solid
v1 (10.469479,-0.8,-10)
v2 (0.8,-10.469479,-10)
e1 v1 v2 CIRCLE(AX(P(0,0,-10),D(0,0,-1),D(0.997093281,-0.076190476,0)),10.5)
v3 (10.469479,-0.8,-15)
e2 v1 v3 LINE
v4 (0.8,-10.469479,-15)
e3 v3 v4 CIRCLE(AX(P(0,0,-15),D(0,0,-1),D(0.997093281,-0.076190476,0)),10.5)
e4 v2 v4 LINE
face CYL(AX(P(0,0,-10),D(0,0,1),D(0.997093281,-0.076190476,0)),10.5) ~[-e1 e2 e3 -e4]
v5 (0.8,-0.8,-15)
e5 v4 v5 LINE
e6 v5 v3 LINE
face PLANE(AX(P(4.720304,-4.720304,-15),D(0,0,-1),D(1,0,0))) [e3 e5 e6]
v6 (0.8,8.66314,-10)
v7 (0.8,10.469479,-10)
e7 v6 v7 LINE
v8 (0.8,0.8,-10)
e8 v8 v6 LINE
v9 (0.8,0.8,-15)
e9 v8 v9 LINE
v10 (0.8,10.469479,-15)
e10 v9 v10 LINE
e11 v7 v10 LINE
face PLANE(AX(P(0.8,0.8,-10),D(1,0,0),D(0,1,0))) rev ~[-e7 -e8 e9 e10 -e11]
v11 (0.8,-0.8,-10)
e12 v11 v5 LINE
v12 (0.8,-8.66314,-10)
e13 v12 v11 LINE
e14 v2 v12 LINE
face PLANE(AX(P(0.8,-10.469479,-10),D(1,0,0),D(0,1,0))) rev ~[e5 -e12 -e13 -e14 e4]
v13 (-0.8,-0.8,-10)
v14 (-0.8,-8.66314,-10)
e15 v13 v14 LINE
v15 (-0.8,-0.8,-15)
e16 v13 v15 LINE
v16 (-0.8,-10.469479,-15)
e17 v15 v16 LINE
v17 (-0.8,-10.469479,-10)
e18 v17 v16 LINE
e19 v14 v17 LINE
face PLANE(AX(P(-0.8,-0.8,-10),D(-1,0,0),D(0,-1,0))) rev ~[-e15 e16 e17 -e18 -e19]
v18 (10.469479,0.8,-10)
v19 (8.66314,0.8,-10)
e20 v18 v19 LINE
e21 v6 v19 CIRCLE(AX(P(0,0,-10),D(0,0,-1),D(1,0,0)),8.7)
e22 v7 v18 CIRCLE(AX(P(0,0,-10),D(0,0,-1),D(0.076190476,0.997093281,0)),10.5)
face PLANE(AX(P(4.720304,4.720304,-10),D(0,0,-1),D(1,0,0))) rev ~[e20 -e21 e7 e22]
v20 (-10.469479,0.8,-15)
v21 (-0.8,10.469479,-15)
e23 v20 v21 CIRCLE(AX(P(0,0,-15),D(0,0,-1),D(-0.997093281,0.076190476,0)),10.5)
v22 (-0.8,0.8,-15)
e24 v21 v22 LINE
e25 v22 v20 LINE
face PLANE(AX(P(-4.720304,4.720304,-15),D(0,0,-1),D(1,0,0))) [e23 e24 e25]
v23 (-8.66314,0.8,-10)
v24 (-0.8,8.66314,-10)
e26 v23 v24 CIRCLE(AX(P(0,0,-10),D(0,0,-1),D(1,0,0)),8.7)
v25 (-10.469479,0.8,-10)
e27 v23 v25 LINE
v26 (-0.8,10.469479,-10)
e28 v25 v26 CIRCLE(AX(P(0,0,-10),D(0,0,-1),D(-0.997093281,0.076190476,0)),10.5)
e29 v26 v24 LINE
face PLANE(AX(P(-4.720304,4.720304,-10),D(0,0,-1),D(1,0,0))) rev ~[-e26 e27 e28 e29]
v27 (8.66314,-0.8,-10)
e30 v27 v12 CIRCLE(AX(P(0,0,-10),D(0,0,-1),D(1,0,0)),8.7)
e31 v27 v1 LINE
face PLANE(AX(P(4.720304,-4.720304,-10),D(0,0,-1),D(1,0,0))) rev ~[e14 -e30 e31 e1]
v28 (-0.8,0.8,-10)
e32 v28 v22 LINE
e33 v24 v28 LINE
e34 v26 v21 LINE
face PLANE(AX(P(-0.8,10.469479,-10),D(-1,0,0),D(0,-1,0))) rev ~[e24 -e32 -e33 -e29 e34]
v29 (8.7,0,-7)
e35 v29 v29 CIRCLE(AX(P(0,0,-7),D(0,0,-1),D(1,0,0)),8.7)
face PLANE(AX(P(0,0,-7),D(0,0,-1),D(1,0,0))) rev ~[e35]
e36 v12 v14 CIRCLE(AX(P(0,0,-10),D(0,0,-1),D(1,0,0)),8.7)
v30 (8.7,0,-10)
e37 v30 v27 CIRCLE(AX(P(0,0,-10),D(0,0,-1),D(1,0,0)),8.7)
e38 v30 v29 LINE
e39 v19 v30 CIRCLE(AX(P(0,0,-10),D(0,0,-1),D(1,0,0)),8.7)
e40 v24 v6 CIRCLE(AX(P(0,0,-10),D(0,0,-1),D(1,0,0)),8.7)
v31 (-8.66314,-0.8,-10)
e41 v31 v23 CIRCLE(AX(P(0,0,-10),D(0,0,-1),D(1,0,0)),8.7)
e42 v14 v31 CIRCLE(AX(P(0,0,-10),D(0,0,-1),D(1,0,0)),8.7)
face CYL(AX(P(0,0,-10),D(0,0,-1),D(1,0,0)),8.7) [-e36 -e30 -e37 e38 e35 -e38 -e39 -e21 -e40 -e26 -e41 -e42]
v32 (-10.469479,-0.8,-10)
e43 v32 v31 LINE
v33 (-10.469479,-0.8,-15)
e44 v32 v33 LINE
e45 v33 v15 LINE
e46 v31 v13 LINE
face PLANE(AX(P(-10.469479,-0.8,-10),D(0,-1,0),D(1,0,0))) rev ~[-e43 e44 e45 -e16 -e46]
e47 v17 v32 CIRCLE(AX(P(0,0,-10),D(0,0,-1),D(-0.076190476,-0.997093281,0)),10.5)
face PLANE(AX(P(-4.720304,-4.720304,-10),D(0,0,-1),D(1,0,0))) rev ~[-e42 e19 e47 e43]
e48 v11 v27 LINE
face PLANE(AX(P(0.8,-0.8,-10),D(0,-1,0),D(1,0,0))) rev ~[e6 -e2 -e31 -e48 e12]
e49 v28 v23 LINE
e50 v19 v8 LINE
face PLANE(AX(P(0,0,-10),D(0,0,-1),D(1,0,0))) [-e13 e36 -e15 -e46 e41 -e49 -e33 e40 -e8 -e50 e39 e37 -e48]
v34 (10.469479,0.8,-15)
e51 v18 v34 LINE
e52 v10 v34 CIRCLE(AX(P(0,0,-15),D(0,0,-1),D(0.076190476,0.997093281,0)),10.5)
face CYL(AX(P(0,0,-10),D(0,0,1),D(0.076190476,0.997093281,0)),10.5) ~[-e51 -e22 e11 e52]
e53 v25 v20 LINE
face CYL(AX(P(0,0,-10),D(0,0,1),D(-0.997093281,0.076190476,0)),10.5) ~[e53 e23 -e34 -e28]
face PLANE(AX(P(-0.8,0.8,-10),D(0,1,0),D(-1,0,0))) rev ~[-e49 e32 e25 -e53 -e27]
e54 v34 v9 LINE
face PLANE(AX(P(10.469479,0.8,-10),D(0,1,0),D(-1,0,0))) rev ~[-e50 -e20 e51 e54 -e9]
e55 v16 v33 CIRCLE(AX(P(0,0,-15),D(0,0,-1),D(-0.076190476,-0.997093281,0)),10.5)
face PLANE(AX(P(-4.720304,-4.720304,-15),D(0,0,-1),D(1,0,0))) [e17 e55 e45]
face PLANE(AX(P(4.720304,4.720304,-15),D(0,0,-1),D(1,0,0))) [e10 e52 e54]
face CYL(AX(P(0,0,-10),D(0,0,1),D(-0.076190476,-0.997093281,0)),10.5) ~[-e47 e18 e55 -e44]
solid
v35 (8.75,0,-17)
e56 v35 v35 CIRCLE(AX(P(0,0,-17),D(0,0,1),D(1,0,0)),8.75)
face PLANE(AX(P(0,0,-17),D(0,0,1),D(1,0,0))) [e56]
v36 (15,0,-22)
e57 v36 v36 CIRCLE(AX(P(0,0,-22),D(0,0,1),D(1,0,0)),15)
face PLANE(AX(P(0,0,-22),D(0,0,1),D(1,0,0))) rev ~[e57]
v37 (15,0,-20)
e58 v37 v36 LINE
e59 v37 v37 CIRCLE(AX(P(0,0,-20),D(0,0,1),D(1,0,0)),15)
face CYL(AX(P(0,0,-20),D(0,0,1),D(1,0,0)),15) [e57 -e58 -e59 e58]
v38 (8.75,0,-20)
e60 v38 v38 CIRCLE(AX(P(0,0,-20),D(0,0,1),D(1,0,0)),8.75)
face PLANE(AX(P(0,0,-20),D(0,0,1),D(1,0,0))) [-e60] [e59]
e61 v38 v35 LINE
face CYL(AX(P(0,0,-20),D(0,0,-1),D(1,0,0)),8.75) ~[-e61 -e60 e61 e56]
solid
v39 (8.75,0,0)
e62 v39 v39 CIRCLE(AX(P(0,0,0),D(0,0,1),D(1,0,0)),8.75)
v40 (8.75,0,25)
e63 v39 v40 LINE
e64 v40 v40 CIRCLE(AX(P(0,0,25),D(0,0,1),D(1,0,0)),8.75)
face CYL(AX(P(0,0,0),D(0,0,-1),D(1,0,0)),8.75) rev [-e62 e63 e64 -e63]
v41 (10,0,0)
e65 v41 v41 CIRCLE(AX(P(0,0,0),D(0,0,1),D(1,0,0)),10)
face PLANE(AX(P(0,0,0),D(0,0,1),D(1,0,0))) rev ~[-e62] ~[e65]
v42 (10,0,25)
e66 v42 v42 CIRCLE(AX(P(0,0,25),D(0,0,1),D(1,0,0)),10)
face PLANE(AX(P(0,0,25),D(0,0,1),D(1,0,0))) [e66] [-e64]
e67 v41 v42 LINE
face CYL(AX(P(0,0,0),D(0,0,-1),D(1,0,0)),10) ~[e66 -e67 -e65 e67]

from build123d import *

# Parameters (mm, degrees)
F0_R      = 10
F0_R_2    = 8.75
F1_DEPTH  = 25
F3_R      = 8.7
F4_DEPTH  = 3
F6_DEPTH  = 5
F8_R      = 8.75
F9_DEPTH  = 3
F8_R_2    = 15
F10_DEPTH = 2


with BuildPart() as f1:
    # F0 (on Top) → F1 (new body)
    with BuildSketch(Plane.XY):
        Circle(F0_R)
        Circle(F0_R_2, mode=Mode.SUBTRACT)
    extrude(amount=F1_DEPTH)


with BuildPart() as f4:
    # F3 (on offset) → F4 (new body)
    with BuildSketch(Plane(origin=(0, 0, -10), x_dir=(1, 0, 0), z_dir=(0, 0, -1))):
        Circle(F3_R)
    extrude(amount=-F4_DEPTH)

    # F5 (on offset) → F6 (join)
    with BuildSketch(Plane(origin=(0, 0, -10), x_dir=(1, 0, 0), z_dir=(0, 0, -1))):
        with BuildLine():
            Line((-0.8, 0.8), (-0.8, 10.4694794522))
            ThreePointArc((-0.8, 10.4694794522), (-7.4246212025, 7.4246212025), (-10.4694794522, 0.8))
            Line((-10.4694794522, 0.8), (-0.8, 0.8))
        make_face()
        with BuildLine():
            Line((0.8, 0.8), (10.4694794522, 0.8))
            ThreePointArc((10.4694794522, 0.8), (7.4246212025, 7.4246212025), (0.8, 10.4694794522))
            Line((0.8, 10.4694794522), (0.8, 0.8))
        make_face()
        with BuildLine():
            ThreePointArc((-10.4694794522, -0.8), (-7.4246212025, -7.4246212025), (-0.8, -10.4694794522))
            Line((-0.8, -10.4694794522), (-0.8, -0.8))
            Line((-0.8, -0.8), (-10.4694794522, -0.8))
        make_face()
        with BuildLine():
            ThreePointArc((0.8, -10.4694794522), (7.4246212025, -7.4246212025), (10.4694794522, -0.8))
            Line((10.4694794522, -0.8), (0.8, -0.8))
            Line((0.8, -0.8), (0.8, -10.4694794522))
        make_face()
    extrude(amount=F6_DEPTH)


with BuildPart() as f9:
    # F8 (on offset) → F9 (new body)
    with BuildSketch(Plane.XY.offset(-20)):
        Circle(F8_R)
    extrude(amount=F9_DEPTH)

    # F8 (on offset) → F10 (join)
    with BuildSketch(Plane.XY.offset(-20)):
        Circle(F8_R_2)
        Circle(F8_R, mode=Mode.SUBTRACT)
        Circle(F8_R)
    extrude(amount=-F10_DEPTH)


solid = Compound([f1.part, f4.part, f9.part])
